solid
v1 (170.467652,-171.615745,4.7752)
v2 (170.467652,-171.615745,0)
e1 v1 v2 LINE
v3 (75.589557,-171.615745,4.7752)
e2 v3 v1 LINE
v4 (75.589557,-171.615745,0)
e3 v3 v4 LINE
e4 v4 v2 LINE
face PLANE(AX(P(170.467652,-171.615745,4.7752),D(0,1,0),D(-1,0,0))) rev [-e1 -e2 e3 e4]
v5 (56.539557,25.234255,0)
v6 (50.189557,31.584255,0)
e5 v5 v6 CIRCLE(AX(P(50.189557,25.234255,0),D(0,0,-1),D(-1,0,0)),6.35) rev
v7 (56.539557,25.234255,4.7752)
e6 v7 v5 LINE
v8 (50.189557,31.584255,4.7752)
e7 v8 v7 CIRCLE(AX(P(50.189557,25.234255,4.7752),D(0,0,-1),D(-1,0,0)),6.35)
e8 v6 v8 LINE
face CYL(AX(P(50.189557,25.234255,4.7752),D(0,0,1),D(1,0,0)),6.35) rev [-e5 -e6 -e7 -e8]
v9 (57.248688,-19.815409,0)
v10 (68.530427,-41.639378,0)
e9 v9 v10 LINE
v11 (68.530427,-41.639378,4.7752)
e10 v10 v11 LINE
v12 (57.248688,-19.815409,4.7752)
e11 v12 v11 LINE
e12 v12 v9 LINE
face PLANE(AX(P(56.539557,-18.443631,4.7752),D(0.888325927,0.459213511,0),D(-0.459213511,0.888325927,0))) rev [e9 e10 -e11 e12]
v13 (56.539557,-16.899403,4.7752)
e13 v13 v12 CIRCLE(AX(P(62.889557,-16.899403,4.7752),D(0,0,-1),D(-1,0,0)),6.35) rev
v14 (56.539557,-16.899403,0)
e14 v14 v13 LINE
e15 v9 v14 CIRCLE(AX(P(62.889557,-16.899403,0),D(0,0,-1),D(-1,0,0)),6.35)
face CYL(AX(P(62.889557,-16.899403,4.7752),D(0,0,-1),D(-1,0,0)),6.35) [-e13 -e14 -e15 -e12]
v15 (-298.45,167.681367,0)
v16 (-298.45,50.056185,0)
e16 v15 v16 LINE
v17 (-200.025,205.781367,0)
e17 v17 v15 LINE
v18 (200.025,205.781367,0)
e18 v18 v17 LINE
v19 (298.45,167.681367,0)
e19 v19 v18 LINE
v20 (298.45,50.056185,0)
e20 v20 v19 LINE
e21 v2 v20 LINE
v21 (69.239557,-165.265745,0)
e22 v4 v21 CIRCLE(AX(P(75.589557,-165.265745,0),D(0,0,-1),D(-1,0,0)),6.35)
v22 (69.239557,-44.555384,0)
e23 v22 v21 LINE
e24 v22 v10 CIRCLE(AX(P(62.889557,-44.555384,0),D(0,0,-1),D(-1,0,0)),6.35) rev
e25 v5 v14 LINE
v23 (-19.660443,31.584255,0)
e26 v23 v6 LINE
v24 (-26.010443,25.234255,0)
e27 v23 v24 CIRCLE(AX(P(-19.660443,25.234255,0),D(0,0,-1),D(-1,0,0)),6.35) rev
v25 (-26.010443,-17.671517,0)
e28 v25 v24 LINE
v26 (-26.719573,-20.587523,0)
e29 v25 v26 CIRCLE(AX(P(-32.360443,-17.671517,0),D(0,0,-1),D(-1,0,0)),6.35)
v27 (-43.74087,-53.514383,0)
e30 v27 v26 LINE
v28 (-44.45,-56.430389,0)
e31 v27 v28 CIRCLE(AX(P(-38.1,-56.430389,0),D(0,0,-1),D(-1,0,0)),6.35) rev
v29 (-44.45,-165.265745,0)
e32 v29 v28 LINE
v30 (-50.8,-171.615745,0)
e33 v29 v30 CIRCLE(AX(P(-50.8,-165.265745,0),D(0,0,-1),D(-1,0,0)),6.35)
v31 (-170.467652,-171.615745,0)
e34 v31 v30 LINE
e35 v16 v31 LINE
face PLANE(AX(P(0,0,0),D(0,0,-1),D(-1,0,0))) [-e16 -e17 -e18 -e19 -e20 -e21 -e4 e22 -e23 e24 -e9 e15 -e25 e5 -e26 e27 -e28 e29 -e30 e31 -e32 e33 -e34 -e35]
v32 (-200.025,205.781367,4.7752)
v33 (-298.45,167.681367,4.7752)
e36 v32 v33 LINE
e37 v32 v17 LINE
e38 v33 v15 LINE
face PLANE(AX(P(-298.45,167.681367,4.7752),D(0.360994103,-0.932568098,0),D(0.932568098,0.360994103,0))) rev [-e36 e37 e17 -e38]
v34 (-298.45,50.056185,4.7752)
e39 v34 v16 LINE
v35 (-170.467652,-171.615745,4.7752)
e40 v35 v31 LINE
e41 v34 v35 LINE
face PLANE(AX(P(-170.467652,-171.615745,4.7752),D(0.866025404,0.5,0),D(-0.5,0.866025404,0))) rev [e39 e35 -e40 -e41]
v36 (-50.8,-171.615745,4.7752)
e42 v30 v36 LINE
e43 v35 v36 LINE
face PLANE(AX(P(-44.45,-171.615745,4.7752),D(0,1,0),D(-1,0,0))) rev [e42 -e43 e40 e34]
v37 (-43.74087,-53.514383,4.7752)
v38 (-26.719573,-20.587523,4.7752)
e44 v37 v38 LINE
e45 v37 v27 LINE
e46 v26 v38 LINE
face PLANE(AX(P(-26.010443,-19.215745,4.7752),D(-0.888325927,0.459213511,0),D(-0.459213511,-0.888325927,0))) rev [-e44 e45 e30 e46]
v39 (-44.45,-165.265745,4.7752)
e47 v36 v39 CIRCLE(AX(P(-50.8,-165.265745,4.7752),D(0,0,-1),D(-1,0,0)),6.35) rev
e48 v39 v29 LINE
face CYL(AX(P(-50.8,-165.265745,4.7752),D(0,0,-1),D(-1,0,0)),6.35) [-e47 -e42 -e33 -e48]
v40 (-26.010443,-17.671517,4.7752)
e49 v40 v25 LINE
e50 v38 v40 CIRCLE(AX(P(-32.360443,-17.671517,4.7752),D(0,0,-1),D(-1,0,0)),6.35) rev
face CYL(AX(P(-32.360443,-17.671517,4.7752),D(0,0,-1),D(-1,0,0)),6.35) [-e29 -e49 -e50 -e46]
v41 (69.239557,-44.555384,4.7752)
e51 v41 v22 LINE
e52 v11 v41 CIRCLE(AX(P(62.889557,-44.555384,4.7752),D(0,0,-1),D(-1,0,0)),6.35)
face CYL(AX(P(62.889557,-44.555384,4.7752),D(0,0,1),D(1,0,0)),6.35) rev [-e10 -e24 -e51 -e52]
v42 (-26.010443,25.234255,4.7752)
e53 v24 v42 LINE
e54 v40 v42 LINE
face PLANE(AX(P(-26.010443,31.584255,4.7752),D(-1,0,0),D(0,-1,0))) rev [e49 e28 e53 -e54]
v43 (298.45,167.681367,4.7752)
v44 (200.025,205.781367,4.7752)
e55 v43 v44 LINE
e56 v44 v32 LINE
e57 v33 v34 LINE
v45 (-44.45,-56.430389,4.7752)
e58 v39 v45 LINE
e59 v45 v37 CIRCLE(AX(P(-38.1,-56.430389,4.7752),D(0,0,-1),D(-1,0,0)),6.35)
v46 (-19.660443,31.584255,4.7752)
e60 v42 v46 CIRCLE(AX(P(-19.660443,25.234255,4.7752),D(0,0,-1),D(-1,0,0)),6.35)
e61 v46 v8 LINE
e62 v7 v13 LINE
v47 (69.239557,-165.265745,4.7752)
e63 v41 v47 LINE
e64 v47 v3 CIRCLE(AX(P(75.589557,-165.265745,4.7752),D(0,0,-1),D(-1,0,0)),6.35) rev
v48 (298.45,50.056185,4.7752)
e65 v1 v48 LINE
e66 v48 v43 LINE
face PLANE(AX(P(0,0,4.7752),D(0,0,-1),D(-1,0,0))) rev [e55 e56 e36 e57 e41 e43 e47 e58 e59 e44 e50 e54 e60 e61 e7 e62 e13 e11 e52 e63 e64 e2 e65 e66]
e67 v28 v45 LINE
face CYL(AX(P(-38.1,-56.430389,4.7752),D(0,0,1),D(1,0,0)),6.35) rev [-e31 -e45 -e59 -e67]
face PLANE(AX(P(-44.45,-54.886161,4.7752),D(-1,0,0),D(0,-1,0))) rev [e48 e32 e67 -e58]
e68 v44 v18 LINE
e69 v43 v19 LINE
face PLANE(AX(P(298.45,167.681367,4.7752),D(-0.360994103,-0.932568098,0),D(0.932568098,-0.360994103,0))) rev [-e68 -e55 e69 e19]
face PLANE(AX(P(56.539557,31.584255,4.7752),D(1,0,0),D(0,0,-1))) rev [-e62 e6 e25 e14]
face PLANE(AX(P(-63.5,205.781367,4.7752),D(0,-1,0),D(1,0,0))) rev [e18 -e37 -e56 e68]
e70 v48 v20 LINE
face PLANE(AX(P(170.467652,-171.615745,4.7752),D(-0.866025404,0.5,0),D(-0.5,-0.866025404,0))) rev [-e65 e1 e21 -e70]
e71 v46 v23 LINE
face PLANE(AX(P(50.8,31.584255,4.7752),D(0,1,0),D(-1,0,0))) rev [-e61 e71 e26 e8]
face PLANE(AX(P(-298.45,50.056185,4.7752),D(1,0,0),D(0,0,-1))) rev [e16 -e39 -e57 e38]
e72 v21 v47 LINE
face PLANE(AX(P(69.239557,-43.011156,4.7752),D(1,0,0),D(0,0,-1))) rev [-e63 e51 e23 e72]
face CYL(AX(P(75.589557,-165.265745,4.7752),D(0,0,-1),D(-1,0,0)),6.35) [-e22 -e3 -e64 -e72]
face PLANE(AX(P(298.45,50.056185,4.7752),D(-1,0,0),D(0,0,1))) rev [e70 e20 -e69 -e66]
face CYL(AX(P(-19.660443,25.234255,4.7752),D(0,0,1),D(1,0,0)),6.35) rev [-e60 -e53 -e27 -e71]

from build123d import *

# Parameters (mm, degrees)
BOSS_EXTRUDE1_DEPTH = 4.7752
FILLET1_R           = 6.35


with BuildPart() as part:
    # Sketch1 → Boss-Extrude1 (new body)
    with BuildSketch(Plane.XY):
        Polygon((170.467651581, -171.615744818), (69.239557334, -171.615744818), (69.239557334, -43.011155522), (56.539557334, -18.443630812), (56.539557334, 31.584255182), (50.8, 31.584255182), (-26.010442666, 31.584255182), (-26.010442666, -19.215744818), (-44.45, -54.886160601), (-44.45, -171.615744818), (-63.5, -171.615744818), (-170.467651581, -171.615744818), (-298.45, 50.056185115), (-298.45, 167.681366782), (-200.025, 205.781366782), (-63.5, 205.781366782), (63.5, 205.781366782), (200.025, 205.781366782), (298.45, 167.681366782), (298.45, 50.056185115), align=None)
    extrude(amount=BOSS_EXTRUDE1_DEPTH)

    # Fillet1
    fillet1_edges = [part.edges().sort_by_distance(p)[0] for p in [
        (69.239557334, -171.615744818, 2.3876),
        (69.239557334, -43.011155522, 2.3876),
        (56.539557334, -18.443630812, 2.3876),
        (56.539557334, 31.584255182, 2.3876),
        (-26.010442666, 31.584255182, 2.3876),
        (-26.010442666, -19.215744818, 2.3876),
        (-44.45, -54.886160601, 2.3876),
        (-44.45, -171.615744818, 2.3876),
    ]]
    fillet(fillet1_edges, radius=FILLET1_R)


solid = part.part
